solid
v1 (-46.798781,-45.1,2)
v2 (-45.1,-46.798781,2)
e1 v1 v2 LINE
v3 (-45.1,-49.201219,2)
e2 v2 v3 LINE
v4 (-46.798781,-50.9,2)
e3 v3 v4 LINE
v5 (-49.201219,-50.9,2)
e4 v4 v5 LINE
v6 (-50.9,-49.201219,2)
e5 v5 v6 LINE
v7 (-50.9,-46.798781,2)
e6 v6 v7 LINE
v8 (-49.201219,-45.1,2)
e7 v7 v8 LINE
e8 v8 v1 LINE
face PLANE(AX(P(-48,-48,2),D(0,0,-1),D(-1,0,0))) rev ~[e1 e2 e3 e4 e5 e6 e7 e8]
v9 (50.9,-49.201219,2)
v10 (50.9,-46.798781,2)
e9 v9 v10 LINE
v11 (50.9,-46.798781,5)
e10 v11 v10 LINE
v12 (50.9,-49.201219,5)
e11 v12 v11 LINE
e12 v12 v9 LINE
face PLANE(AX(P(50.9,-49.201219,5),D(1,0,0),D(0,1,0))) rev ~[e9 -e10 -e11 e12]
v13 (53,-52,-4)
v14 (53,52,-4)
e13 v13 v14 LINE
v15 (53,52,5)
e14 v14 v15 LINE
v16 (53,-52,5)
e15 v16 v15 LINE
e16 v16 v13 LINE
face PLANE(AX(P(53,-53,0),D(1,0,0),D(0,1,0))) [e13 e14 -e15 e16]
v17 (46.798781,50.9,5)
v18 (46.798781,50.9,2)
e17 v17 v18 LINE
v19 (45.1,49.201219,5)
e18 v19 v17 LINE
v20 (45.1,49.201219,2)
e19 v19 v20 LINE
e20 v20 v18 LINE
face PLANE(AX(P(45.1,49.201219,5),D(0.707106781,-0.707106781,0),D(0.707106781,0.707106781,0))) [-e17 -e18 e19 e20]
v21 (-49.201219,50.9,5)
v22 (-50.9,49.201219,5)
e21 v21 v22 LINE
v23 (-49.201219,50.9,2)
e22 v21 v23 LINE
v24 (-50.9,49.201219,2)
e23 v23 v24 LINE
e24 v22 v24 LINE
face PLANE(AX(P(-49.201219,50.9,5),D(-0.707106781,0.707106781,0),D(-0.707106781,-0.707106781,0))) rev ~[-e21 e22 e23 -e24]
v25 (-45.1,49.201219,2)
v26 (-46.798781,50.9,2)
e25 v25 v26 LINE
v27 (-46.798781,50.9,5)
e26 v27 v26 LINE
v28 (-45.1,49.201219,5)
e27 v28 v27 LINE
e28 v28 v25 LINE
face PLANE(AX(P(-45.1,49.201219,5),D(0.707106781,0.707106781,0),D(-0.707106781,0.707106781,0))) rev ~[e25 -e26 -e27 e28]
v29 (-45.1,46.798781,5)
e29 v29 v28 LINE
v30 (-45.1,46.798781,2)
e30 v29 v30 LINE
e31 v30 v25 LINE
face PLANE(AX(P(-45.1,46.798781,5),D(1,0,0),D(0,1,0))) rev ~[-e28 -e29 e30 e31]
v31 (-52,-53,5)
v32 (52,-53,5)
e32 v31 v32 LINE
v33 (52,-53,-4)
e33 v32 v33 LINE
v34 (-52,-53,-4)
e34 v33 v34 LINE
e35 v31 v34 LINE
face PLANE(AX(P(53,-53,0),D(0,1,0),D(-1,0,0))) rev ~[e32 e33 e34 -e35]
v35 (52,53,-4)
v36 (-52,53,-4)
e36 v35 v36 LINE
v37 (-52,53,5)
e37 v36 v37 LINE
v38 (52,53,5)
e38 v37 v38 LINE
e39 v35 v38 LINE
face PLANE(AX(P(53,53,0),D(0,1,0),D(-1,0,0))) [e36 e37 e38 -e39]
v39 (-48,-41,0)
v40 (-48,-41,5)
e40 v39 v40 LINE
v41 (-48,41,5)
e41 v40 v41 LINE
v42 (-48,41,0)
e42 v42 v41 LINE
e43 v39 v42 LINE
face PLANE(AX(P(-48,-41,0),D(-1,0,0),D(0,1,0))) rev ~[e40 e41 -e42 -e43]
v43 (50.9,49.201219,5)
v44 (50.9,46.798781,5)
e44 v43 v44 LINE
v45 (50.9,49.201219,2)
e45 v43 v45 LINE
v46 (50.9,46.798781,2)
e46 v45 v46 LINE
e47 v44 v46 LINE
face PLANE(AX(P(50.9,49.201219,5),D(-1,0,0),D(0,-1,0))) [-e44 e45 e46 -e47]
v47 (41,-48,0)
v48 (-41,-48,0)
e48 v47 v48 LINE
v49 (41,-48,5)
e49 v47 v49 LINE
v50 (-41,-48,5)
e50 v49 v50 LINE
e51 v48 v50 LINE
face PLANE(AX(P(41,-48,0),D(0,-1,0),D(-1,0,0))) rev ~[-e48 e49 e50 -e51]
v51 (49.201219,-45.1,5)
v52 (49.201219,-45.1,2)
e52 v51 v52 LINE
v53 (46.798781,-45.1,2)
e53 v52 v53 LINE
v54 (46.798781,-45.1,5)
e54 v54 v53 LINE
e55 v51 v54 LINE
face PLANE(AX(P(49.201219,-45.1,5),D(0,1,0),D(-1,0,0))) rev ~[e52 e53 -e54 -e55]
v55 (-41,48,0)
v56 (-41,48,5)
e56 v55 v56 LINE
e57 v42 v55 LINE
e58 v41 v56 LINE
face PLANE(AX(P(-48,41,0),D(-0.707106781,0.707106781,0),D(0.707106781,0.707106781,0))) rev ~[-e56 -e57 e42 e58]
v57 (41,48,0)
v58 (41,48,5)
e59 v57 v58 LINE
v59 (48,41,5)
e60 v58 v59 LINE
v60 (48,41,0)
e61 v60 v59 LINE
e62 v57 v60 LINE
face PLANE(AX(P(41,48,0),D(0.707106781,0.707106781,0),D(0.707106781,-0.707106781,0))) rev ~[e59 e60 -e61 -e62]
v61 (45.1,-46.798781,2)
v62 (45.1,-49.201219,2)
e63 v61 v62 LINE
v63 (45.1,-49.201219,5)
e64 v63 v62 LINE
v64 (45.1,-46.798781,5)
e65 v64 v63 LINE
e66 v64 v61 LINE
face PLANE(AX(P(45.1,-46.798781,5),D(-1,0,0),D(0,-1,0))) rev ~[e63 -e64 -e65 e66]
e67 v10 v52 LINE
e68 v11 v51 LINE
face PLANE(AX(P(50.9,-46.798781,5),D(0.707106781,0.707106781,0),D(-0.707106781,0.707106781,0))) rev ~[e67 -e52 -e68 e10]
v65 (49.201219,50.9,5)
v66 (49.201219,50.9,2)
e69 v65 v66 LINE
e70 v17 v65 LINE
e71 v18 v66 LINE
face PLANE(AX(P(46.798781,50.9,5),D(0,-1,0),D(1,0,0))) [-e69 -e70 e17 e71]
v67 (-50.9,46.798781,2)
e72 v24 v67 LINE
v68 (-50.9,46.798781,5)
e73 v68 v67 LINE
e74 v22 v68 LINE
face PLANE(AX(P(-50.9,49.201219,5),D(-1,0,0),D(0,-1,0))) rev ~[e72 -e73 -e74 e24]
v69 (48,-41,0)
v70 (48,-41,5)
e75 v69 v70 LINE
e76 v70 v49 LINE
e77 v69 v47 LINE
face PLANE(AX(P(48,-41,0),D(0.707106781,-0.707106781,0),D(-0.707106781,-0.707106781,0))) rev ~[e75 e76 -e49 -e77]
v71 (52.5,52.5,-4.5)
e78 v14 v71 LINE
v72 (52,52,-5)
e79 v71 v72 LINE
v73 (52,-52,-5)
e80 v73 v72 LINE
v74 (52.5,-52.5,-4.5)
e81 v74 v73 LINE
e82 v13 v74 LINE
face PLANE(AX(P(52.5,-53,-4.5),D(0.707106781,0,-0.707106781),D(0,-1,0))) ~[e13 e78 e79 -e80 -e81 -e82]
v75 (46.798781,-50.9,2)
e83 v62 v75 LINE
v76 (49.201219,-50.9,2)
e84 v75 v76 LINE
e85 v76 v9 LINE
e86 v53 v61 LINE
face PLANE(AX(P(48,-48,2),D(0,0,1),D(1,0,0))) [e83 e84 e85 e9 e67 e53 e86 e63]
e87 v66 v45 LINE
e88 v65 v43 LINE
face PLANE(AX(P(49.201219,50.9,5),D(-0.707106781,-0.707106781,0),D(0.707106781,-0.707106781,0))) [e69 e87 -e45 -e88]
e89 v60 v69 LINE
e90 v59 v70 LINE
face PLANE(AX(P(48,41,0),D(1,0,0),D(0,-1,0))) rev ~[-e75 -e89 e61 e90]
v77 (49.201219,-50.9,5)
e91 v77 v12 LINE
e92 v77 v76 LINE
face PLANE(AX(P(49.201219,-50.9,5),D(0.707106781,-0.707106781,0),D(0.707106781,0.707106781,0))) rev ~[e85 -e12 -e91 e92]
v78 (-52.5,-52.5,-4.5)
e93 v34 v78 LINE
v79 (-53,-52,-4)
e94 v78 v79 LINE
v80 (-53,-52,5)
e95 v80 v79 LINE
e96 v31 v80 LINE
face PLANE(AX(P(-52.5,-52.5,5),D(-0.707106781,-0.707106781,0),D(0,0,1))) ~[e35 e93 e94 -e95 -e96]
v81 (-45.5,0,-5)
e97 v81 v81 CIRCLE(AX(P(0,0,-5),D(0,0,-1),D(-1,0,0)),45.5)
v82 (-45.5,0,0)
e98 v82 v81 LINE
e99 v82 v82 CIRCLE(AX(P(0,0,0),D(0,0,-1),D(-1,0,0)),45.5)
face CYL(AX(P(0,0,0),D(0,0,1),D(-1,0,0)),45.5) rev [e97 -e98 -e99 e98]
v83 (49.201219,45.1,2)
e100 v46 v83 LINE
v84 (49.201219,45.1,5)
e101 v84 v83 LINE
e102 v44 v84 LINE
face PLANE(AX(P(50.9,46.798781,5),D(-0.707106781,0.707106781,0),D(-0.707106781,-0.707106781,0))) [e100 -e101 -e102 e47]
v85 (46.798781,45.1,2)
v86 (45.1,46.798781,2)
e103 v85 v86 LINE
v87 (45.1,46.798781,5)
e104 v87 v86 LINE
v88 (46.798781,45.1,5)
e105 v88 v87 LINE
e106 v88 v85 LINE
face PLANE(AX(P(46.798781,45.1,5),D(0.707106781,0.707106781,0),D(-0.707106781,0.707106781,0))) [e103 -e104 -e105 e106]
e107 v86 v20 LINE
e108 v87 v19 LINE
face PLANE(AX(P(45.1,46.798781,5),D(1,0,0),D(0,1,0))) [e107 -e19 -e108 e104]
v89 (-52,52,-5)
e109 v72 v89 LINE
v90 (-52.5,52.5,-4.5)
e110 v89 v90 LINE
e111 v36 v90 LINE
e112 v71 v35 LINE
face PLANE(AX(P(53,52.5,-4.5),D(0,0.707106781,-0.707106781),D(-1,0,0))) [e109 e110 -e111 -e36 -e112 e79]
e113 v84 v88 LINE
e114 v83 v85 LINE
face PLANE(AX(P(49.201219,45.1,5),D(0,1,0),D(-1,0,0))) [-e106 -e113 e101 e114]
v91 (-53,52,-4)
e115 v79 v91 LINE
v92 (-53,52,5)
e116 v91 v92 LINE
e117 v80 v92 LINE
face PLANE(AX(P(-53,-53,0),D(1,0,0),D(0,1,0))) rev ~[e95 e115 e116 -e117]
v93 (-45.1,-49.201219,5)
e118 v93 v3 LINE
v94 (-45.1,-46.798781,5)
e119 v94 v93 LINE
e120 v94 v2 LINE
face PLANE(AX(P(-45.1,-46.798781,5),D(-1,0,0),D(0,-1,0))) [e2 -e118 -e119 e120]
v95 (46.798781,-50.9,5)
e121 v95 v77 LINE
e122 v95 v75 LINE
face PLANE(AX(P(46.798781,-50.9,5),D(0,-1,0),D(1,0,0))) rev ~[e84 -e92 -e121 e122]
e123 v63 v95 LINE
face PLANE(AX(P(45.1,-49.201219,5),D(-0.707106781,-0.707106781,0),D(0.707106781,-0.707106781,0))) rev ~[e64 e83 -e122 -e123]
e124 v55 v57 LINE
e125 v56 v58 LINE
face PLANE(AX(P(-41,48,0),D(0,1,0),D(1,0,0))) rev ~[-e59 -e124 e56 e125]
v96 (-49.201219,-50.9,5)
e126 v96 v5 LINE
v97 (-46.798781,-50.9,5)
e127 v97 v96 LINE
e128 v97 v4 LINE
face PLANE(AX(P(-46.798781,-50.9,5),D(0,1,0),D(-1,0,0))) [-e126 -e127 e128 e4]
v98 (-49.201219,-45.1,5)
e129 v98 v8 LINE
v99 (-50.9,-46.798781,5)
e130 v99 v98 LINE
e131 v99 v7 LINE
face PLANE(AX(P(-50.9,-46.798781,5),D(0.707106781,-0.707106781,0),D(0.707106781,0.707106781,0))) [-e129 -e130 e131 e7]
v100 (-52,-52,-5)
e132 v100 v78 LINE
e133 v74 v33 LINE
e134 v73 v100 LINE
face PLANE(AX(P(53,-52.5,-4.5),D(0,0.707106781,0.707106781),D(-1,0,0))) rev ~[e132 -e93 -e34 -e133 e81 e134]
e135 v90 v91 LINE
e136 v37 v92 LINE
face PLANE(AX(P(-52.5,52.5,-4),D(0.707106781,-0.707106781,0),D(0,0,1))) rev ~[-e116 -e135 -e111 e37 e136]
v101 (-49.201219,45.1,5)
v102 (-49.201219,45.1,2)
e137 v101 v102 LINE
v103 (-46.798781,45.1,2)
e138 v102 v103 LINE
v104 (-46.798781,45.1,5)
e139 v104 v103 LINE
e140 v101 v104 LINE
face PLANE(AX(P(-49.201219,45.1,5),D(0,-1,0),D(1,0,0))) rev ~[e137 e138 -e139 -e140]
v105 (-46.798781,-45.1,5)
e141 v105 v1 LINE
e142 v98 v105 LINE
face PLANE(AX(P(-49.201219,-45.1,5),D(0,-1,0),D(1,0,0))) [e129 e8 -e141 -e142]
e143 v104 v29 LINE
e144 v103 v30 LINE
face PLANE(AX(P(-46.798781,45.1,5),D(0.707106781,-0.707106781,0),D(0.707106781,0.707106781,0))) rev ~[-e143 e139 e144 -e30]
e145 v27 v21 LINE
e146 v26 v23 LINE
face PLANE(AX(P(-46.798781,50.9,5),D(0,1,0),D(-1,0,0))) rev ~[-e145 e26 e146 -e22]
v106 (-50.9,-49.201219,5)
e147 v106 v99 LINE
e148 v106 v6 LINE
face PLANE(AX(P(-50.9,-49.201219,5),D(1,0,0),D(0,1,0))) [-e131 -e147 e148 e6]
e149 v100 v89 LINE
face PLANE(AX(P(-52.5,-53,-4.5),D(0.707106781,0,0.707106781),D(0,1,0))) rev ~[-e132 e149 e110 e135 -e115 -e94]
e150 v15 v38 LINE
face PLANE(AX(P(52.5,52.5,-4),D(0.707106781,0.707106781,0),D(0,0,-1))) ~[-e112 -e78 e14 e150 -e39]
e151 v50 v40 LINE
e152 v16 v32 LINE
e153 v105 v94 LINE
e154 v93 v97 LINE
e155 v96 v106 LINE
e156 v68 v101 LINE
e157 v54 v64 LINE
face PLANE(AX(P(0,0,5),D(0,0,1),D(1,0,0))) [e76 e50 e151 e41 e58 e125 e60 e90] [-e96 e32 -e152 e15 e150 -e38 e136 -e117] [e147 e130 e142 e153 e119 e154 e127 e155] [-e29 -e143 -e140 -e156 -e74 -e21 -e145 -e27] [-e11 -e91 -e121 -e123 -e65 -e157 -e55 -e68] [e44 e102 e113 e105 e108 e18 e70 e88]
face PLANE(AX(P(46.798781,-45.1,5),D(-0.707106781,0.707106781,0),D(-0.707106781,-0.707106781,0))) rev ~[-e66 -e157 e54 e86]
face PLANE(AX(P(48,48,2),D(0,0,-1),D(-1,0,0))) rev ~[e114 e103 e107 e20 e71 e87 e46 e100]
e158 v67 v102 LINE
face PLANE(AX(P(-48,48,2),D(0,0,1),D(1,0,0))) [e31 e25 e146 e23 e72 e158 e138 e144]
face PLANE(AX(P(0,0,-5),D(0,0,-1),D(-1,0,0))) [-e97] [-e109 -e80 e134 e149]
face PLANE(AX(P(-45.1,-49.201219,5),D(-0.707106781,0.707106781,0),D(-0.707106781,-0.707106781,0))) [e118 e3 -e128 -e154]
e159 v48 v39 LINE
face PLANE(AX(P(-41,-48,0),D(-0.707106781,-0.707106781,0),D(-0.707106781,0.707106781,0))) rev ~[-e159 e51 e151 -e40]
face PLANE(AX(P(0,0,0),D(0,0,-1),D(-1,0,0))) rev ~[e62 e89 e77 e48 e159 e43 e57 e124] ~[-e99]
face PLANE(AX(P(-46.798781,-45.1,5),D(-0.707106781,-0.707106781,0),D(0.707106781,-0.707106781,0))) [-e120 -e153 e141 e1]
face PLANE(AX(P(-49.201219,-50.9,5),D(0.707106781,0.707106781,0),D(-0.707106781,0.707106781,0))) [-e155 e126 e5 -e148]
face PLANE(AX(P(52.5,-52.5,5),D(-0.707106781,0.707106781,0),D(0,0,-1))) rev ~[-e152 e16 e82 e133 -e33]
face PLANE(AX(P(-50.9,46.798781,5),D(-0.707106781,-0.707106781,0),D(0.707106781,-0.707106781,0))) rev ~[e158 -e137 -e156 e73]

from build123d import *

# Parameters (mm, degrees)
SKETCH1_LARGER_DIA_W  = 106
SKETCH1_LARGER_DIA_H  = 106
BOSS_EXTRUDE1_DEPTH   = 5
SKETCH5_SMALLER_DIA_W = 106
SKETCH5_SMALLER_DIA_H = 106
SKETCH5_SMALLER_DIA_R = 45.5
BOSS_EXTRUDE2_DEPTH   = 5
CUT_EXTRUDE1_DEPTH    = 3
CHAMFER2_SIZE         = 1
CHAMFER3_SIZE         = 1


with BuildPart() as part:
    # Sketch1 larger dia → Boss-Extrude1 (new body)
    with BuildSketch(Plane.XY):
        Rectangle(SKETCH1_LARGER_DIA_W, SKETCH1_LARGER_DIA_H)
        Polygon((-41, 48), (41, 48), (48, 41), (48, -41), (41, -48), (-41, -48), (-48, -41), (-48, 41), align=None, mode=Mode.SUBTRACT)
    extrude(amount=BOSS_EXTRUDE1_DEPTH)

    # Sketch5 smaller dia → Boss-Extrude2 (add)
    with BuildSketch(Plane(origin=(0, 0, 0), x_dir=(-1, 0, 0), z_dir=(0, 0, -1))):
        Rectangle(SKETCH5_SMALLER_DIA_W, SKETCH5_SMALLER_DIA_H)
        Circle(SKETCH5_SMALLER_DIA_R, mode=Mode.SUBTRACT)
    extrude(amount=BOSS_EXTRUDE2_DEPTH)

    # Sketch1 → Cut-Extrude1 (cut)
    with BuildSketch(Plane.XY.offset(5)):
        Polygon((-45.1, 46.798780669), (-45.1, 49.201219331), (-46.798780669, 50.9), (-49.201219331, 50.9), (-50.9, 49.201219331), (-50.9, 46.798780669), (-49.201219331, 45.1), (-46.798780669, 45.1), align=None)
        Polygon((-46.798780669, -45.1), (-45.1, -46.798780669), (-45.1, -49.201219331), (-46.798780669, -50.9), (-49.201219331, -50.9), (-50.9, -49.201219331), (-50.9, -46.798780669), (-49.201219331, -45.1), align=None)
        Polygon((46.798780669, 45.1), (45.1, 46.798780669), (45.1, 49.201219331), (46.798780669, 50.9), (49.201219331, 50.9), (50.9, 49.201219331), (50.9, 46.798780669), (49.201219331, 45.1), align=None)
        Polygon((45.1, -46.798780669), (45.1, -49.201219331), (46.798780669, -50.9), (49.201219331, -50.9), (50.9, -49.201219331), (50.9, -46.798780669), (49.201219331, -45.1), (46.798780669, -45.1), align=None)
    extrude(amount=-CUT_EXTRUDE1_DEPTH, mode=Mode.SUBTRACT)

    # Chamfer2
    chamfer2_edges = [part.edges().sort_by_distance(p)[0] for p in [
        (53, 0, -5),
        (0, -53, -5),
        (-53, 0, -5),
        (0, 53, -5),
    ]]
    chamfer(chamfer2_edges, length=CHAMFER2_SIZE)

    # Chamfer3
    chamfer3_edges = [part.edges().sort_by_distance(p)[0] for p in [
        (-53, 53, 0.5),
        (53, 53, 0.5),
        (53, -53, 0.5),
        (-53, -53, 0.5),
    ]]
    chamfer(chamfer3_edges, length=CHAMFER3_SIZE)


solid = part.part
